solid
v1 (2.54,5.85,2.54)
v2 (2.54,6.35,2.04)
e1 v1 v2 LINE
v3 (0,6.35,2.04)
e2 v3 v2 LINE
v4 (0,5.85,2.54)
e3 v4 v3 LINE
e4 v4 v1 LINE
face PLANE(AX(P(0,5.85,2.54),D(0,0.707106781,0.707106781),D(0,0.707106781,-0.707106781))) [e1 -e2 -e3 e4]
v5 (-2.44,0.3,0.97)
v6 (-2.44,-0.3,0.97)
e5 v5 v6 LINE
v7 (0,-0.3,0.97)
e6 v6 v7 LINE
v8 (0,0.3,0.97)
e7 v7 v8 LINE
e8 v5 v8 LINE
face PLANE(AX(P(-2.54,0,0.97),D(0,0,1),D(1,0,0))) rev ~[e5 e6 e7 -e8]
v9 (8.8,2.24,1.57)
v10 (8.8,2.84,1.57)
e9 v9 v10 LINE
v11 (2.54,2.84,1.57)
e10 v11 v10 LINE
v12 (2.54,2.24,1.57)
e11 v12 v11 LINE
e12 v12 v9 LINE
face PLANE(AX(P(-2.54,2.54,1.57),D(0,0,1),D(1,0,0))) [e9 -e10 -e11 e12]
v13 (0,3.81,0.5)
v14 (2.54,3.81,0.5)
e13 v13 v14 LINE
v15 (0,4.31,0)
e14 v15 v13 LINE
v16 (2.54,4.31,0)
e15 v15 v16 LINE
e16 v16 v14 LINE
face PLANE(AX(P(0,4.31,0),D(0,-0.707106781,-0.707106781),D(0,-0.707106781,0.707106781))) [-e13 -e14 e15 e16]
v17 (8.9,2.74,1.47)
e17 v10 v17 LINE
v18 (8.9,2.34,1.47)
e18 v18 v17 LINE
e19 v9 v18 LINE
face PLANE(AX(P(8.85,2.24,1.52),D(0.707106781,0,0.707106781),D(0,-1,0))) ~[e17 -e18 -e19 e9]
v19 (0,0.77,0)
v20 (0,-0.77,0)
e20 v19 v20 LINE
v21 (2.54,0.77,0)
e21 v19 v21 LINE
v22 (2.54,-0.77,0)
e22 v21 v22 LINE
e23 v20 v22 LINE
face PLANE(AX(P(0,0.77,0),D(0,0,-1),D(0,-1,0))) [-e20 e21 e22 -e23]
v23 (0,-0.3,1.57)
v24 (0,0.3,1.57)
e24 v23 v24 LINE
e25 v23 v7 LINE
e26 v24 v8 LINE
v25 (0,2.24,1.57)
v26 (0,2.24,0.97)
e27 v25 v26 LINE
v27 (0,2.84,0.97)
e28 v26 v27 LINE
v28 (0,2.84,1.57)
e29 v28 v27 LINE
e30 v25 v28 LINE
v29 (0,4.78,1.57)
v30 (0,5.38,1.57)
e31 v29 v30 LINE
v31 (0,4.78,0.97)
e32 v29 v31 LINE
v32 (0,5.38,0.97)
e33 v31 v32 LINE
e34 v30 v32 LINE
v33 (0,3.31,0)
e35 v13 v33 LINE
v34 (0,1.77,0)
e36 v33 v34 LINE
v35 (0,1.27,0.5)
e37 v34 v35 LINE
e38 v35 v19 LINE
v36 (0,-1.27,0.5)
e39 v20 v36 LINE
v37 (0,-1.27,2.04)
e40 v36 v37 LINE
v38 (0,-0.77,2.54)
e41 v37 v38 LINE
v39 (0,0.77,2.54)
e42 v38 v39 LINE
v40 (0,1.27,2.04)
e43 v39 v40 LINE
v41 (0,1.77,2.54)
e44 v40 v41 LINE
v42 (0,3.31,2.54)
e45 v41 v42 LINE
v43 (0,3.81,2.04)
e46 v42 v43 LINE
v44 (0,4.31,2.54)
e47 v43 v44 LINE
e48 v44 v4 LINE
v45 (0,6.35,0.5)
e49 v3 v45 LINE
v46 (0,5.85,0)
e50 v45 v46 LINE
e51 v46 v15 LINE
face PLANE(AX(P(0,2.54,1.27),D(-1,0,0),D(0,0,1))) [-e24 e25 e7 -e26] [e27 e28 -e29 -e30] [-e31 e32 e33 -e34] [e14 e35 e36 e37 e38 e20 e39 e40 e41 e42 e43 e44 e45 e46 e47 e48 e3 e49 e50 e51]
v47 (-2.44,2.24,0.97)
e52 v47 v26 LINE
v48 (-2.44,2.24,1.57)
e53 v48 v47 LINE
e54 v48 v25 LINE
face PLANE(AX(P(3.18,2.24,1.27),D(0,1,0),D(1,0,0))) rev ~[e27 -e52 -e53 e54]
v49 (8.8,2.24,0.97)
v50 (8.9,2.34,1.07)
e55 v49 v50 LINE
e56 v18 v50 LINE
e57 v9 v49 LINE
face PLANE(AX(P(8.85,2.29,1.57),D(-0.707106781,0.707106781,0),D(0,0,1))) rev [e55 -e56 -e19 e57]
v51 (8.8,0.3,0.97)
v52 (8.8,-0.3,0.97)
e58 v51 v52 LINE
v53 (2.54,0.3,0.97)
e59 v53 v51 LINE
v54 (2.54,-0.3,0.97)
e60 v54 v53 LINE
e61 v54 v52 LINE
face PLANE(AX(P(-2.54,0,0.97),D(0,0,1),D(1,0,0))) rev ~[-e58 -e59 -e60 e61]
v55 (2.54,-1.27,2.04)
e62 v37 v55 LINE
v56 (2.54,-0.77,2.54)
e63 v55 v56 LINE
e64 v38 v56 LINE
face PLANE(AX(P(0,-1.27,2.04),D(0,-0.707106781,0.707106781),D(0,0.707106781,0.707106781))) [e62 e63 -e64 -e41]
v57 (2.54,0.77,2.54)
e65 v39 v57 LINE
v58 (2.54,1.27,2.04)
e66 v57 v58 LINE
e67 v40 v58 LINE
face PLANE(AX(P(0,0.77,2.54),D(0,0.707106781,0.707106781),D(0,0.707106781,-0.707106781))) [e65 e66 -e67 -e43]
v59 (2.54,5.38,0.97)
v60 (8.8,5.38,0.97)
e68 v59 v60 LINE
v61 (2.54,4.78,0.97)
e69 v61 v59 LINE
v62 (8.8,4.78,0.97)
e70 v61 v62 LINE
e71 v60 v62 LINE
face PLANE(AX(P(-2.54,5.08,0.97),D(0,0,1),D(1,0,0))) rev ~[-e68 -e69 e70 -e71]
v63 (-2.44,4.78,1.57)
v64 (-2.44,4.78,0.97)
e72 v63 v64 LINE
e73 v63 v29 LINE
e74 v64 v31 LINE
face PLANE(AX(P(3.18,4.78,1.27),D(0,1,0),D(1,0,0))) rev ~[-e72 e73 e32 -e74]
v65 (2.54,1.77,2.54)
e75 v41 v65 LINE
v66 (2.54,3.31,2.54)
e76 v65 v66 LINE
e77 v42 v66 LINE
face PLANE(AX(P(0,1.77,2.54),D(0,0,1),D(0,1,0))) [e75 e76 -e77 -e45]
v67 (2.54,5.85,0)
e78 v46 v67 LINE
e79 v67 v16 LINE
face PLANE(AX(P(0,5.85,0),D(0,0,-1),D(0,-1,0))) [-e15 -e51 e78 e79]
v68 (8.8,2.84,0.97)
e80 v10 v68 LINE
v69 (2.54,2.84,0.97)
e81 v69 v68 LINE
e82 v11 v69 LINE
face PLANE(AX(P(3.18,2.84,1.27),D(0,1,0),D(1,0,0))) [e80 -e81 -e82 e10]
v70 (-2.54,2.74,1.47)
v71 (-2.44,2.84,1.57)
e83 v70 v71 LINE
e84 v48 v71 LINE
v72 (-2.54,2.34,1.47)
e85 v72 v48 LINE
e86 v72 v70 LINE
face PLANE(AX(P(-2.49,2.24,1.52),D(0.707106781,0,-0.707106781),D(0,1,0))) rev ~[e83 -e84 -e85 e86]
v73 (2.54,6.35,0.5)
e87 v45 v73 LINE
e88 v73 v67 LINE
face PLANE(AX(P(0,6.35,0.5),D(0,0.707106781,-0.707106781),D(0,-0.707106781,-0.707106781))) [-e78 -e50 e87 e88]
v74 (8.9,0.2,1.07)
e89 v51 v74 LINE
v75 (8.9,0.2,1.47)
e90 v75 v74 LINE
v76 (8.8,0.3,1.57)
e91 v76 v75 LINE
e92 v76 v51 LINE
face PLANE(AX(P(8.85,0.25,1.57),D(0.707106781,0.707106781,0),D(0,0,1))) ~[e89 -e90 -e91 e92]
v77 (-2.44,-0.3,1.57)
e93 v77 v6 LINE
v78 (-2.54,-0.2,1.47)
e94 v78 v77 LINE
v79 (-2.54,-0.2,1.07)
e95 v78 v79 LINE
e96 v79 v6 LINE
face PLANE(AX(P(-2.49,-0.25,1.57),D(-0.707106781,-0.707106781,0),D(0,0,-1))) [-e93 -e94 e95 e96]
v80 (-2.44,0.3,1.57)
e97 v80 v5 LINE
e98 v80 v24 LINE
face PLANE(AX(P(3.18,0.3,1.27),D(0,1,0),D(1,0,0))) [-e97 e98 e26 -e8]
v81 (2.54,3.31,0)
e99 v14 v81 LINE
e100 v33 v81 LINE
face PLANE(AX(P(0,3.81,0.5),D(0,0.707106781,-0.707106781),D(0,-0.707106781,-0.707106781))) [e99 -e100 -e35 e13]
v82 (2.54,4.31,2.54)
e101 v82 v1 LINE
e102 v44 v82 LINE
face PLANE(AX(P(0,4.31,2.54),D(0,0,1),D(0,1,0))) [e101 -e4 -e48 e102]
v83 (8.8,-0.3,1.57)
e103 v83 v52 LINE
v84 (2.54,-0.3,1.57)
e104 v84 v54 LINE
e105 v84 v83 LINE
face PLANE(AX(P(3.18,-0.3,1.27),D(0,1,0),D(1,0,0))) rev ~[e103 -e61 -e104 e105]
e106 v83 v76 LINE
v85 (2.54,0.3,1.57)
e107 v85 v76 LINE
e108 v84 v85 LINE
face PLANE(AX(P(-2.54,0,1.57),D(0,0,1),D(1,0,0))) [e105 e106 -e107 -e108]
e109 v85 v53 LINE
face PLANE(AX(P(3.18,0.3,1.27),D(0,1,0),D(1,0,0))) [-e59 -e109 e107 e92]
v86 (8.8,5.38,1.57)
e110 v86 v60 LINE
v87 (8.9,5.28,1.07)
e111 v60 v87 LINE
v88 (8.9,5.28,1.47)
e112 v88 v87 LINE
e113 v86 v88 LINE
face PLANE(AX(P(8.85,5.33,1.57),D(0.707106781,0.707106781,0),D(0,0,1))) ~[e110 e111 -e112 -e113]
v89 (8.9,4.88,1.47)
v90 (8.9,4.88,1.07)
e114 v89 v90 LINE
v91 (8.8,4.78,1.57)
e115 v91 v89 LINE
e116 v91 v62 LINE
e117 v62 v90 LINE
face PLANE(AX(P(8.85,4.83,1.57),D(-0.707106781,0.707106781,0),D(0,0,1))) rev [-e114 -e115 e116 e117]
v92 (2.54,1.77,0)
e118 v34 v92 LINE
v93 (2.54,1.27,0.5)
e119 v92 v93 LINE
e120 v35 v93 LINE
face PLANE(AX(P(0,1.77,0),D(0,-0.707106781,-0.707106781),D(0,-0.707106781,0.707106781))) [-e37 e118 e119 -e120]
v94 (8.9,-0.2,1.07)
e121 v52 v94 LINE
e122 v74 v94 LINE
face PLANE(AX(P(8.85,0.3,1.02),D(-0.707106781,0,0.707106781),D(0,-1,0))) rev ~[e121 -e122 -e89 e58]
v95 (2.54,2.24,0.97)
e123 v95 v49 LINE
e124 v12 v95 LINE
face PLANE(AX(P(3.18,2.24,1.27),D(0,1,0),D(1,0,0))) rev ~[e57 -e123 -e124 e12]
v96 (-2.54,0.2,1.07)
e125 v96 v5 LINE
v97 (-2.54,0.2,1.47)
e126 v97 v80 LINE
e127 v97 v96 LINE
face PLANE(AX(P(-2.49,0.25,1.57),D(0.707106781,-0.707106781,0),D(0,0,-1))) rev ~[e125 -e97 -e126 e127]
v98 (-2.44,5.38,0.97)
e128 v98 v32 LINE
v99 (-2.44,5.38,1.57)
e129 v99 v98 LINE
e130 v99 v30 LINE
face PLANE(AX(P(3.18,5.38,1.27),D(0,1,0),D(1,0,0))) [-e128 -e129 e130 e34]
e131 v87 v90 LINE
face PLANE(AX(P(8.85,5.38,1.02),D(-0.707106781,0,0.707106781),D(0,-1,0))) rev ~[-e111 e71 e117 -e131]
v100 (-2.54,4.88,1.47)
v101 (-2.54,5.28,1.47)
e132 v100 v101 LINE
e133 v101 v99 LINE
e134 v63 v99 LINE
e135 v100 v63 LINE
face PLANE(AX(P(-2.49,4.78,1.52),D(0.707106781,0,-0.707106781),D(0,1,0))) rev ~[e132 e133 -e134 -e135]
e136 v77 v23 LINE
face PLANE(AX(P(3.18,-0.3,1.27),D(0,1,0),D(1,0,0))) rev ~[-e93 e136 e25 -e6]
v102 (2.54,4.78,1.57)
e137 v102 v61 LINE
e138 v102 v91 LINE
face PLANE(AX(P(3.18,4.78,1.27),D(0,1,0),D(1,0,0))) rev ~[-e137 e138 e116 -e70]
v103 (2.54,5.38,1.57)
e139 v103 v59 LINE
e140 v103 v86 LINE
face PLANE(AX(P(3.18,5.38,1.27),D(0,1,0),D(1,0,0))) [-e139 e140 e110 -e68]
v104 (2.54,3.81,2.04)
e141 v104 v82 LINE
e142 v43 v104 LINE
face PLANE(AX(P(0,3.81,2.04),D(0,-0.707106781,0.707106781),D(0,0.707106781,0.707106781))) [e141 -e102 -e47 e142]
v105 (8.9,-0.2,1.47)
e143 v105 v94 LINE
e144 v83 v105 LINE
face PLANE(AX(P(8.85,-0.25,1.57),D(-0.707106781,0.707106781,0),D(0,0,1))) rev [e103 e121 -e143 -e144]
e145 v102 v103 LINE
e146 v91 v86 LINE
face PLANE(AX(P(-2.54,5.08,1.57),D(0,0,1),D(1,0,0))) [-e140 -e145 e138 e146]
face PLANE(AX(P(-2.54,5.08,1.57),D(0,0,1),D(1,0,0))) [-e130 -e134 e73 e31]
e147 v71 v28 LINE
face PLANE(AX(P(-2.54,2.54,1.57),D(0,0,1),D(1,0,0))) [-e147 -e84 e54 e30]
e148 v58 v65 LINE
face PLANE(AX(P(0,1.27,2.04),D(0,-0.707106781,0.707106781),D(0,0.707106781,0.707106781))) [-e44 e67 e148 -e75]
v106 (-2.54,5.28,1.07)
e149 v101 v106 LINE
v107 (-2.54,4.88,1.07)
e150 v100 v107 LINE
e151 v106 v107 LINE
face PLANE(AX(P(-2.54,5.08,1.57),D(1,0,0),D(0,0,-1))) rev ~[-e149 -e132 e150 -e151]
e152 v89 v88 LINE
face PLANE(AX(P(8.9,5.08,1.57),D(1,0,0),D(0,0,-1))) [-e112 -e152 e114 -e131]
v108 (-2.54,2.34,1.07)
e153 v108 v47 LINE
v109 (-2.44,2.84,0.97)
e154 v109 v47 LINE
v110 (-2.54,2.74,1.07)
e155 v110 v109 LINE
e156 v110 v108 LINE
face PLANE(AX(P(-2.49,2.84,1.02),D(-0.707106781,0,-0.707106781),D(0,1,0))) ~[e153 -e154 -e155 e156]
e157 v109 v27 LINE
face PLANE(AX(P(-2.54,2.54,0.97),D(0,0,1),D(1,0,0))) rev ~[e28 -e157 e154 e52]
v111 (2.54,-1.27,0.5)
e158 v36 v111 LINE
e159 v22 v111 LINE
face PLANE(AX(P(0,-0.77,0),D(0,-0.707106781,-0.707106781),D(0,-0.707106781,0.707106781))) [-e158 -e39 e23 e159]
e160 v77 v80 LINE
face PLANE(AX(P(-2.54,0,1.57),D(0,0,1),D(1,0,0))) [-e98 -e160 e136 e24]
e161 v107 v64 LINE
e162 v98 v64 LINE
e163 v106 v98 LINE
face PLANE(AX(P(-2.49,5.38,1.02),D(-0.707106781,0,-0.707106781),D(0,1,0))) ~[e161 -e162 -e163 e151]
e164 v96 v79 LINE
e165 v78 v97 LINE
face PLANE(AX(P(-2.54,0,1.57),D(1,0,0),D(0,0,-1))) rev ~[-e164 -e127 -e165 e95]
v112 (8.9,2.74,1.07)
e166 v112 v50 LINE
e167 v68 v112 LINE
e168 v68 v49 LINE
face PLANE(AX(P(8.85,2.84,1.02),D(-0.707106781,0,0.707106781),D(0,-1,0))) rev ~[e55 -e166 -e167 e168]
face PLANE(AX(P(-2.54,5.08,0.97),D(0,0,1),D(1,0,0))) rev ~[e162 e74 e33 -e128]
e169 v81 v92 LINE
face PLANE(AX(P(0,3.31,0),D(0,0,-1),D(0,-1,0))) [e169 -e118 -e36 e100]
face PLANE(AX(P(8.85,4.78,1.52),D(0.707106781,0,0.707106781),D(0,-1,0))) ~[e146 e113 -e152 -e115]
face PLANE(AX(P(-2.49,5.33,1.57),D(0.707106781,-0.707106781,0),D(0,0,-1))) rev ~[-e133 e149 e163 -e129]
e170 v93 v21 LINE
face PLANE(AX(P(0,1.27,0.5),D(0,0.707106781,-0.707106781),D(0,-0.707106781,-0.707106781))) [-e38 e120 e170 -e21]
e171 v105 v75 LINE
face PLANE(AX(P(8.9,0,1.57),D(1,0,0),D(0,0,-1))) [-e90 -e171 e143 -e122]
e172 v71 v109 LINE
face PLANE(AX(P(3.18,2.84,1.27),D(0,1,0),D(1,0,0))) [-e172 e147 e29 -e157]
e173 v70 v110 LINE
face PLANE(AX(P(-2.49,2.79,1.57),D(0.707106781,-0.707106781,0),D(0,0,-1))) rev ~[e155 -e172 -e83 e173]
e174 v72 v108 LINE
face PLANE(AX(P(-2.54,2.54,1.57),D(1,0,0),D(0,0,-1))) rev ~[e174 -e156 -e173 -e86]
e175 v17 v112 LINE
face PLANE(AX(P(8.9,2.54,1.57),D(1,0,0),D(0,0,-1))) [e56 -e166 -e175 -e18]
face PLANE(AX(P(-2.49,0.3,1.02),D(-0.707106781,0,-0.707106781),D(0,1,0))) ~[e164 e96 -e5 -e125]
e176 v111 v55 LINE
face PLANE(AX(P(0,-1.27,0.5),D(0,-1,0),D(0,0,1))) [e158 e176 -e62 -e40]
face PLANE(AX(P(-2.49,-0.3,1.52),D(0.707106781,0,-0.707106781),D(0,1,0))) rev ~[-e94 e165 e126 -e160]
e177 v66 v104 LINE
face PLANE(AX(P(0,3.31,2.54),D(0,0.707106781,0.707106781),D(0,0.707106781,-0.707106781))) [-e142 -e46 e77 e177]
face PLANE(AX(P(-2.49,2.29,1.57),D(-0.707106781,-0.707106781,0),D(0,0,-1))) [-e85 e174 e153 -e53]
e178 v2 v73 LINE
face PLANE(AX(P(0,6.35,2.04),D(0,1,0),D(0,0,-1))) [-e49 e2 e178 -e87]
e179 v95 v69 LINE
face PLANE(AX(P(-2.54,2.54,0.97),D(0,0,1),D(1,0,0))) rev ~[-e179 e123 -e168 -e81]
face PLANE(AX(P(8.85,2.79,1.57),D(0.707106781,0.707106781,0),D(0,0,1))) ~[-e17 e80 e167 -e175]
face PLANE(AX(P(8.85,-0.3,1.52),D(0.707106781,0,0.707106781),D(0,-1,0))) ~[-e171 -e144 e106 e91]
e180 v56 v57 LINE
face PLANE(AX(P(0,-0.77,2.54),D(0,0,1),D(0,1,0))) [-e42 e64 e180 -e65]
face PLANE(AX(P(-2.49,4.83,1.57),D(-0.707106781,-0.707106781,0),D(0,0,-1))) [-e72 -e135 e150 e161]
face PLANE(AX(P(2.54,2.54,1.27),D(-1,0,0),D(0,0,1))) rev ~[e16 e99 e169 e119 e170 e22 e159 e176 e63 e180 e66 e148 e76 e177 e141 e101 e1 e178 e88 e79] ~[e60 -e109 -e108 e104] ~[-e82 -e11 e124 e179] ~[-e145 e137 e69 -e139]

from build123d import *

# Parameters (mm, degrees)
PLASTIC_DEPTH   = 2.54
SKETCH2_W       = 11.44
SKETCH2_H       = 0.6
CONTACT_DEPTH   = 0.3
CHAMFER1_SIZE   = 0.1
LPATTERN1_COUNT = 3
LPATTERN1_PITCH = 2.54


with BuildPart() as part:
    # Sketch1 → Plastic (new body)
    with BuildSketch(Plane(origin=(0, 0, 0), x_dir=(0, 0, -1), z_dir=(1, 0, 0))):
        Polygon((-2.04, 1.27), (-0.5, 1.27), (0, 0.77), (0, -0.77), (-0.5, -1.27), (-2.04, -1.27), (-2.54, -0.77), (-2.54, 0.77), align=None)
    extrude(amount=PLASTIC_DEPTH)

    # Sketch2 → Contact (add, symmetric)
    with BuildSketch(Plane(origin=(0, 0, 0), x_dir=(1, 0, 0), z_dir=(0, 1, 0))):
        with Locations((3.18, -1.27)):
            Rectangle(SKETCH2_W, SKETCH2_H)
    extrude(amount=CONTACT_DEPTH, both=True)

    # Chamfer1
    chamfer1_edges = [part.edges().sort_by_distance(p)[0] for p in [
        (8.9, 0, 0.97),
        (8.9, 0.3, 1.27),
        (-2.54, 0, 1.57),
        (8.9, -0.3, 1.27),
        (8.9, 0, 1.57),
        (-2.54, -0.3, 1.27),
        (-2.54, 0, 0.97),
        (-2.54, 0.3, 1.27),
    ]]
    chamfer(chamfer1_edges, length=CHAMFER1_SIZE)

    # LPattern1: part ×3


with BuildPart() as part_1:
    add(part.part)
    with Locations(*[(0, i * LPATTERN1_PITCH, 0) for i in range(1, LPATTERN1_COUNT)]):
        add(part.part)


solid = part_1.part
